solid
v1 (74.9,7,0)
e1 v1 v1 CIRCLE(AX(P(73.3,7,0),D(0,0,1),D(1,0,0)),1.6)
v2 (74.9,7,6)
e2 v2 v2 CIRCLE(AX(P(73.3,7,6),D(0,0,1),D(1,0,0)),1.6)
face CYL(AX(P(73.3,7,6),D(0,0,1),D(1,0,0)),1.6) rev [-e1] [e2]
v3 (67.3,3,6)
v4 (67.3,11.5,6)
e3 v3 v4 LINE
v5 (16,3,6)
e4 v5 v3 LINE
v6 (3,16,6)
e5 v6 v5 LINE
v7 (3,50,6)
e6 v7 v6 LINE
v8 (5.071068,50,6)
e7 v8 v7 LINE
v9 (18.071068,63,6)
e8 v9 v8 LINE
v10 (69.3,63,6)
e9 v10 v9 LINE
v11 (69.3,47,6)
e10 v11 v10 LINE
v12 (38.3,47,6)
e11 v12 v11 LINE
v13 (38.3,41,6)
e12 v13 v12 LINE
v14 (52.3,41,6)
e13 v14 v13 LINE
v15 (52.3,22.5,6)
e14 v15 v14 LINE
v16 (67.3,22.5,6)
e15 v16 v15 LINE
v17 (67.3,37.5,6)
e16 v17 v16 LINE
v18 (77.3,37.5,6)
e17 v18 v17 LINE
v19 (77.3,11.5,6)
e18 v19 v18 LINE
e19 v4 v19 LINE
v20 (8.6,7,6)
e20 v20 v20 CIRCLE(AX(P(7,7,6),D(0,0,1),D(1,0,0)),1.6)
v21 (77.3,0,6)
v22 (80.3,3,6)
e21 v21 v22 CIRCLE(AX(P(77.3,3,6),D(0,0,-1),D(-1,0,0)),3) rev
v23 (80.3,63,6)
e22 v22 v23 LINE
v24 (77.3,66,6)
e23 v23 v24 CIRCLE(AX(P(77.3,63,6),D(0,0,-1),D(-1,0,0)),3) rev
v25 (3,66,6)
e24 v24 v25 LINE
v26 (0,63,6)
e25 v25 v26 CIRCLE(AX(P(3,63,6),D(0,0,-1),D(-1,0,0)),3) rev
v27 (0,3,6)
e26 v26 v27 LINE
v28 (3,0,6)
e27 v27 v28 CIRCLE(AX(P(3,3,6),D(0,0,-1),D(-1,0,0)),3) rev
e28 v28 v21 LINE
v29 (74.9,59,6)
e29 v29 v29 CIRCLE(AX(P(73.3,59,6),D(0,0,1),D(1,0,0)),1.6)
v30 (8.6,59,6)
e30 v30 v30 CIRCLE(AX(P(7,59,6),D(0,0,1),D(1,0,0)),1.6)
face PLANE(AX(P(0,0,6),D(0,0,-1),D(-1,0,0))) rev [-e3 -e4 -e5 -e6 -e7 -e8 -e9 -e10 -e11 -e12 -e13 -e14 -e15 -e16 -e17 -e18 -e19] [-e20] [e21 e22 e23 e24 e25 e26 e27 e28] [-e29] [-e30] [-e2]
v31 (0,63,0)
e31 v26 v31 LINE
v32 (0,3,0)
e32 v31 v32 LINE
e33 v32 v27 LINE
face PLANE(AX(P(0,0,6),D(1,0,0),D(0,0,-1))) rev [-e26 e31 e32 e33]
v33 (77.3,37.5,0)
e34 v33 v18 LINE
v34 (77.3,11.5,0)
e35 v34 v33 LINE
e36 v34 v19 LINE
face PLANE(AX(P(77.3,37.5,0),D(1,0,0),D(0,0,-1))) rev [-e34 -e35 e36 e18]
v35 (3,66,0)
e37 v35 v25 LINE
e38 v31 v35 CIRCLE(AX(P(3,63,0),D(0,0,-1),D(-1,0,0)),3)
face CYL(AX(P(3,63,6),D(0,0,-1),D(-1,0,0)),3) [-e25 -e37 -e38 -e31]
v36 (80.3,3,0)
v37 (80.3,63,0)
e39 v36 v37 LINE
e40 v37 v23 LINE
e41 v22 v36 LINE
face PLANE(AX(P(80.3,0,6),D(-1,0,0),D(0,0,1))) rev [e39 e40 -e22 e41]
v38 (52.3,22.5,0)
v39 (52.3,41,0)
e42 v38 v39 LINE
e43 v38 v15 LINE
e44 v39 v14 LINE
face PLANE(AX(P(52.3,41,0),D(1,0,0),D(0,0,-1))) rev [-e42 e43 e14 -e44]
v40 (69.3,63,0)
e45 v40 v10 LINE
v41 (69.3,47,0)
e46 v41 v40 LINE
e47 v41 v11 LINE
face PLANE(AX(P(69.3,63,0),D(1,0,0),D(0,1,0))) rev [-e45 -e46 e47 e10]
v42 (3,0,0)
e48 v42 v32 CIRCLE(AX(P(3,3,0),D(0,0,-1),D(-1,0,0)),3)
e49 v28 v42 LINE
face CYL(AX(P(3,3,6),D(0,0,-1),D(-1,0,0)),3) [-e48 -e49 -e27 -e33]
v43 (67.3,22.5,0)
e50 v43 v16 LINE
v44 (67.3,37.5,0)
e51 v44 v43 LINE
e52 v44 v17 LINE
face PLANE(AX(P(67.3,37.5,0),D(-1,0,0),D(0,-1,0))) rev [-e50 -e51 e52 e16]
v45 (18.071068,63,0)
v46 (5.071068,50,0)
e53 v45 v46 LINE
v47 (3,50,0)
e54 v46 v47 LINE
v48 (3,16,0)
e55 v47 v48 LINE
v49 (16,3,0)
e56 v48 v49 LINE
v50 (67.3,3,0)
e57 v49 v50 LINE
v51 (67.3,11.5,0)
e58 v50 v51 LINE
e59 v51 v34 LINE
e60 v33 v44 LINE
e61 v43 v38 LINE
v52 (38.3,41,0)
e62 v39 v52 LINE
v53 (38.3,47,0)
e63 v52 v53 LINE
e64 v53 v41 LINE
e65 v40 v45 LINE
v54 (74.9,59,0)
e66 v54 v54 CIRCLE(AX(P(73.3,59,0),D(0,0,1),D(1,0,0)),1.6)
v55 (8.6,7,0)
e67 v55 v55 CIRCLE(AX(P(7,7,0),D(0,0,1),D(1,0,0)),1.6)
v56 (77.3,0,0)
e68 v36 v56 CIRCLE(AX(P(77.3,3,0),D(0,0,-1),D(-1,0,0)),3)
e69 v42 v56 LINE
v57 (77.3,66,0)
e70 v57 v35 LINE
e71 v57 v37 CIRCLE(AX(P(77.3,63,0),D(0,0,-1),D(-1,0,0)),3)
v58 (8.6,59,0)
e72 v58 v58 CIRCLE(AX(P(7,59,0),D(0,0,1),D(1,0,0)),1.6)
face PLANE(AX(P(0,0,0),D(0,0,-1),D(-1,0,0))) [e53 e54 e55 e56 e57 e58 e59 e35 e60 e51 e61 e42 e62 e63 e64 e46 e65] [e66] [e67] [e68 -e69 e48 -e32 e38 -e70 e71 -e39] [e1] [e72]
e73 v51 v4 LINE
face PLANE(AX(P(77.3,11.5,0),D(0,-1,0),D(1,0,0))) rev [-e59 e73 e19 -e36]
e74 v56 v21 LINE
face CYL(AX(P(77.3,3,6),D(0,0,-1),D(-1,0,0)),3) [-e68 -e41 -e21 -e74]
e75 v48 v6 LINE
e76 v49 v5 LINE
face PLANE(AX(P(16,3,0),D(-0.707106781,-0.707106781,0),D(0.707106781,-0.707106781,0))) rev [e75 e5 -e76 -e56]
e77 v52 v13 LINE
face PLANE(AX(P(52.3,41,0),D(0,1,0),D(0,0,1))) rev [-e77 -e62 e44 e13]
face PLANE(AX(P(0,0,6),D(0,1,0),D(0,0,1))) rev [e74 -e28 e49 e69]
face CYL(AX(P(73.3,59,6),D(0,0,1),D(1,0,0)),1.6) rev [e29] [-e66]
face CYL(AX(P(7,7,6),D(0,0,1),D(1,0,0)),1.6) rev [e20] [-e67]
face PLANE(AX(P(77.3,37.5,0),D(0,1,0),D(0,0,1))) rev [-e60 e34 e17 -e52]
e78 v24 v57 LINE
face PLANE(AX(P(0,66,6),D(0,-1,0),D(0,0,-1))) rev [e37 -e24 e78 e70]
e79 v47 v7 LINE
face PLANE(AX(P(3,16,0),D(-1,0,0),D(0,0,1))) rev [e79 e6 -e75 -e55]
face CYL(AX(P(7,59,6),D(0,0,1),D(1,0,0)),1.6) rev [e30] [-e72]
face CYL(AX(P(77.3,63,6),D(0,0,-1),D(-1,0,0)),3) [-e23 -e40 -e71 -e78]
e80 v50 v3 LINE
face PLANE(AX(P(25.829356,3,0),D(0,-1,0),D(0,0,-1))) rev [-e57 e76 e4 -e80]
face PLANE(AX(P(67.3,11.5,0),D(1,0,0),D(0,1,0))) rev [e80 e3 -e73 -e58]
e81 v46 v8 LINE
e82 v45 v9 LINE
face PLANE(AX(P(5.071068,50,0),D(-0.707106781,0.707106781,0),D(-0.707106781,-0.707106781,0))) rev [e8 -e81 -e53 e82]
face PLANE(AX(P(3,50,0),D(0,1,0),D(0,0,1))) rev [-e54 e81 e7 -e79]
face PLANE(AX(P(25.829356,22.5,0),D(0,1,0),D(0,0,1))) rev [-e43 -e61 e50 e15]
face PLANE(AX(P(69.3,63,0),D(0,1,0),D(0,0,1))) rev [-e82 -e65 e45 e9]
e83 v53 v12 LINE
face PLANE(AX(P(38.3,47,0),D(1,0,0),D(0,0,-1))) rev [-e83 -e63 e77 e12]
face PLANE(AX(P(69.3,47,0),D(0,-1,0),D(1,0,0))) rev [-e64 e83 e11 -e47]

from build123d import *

# Parameters (mm, degrees)
SKETCH1_W                  = 80.3
SKETCH1_H                  = 66
BOSS_EXTRUDE1_DEPTH        = 6
F_3_2_3_2_DIAMETER_HOLE1_D = 3.2
FILLET1_R                  = 3
SKETCH4_W                  = 19
SKETCH4_H                  = 34
SKETCH4_W_2                = 31
SKETCH4_H_2                = 16
SKETCH4_W_3                = 7
SKETCH4_H_3                = 7
SKETCH4_W_4                = 13
SKETCH4_H_4                = 17
SKETCH4_W_5                = 40
SKETCH4_H_5                = 19.5
SKETCH4_W_6                = 10
SKETCH4_H_6                = 26
CUT_EXTRUDE1_DEPTH         = 7
CUT_EXTRUDE3_DEPTH         = 7


with BuildPart() as part:
    # Sketch1 → Boss-Extrude1 (new body)
    with BuildSketch(Plane.XY):
        with Locations((40.15, 33)):
            Rectangle(SKETCH1_W, SKETCH1_H)
    extrude(amount=BOSS_EXTRUDE1_DEPTH)

    # Ø3.2 (3.2) Diameter Hole1 (through all)
    with Locations(Plane.XY.offset(6)):
        with Locations((7, 59), (73.3, 59), (73.3, 7), (7, 7)):
            Hole(F_3_2_3_2_DIAMETER_HOLE1_D / 2)

    # Fillet1
    fillet1_edges = [part.edges().sort_by_distance(p)[0] for p in [
        (0, 66, 3),
        (80.3, 66, 3),
        (80.3, 0, 3),
        (0, 0, 3),
    ]]
    fillet(fillet1_edges, radius=FILLET1_R)

    # Sketch4 → Cut-Extrude1 (cut, through all)
    with BuildSketch(Plane.XY.offset(6)):
        with Locations((12.5, 33)):
            Rectangle(SKETCH4_W, SKETCH4_H)
        with Locations((53.8, 55)):
            Rectangle(SKETCH4_W_2, SKETCH4_H_2)
        with Locations((31.5, 53)):
            Rectangle(SKETCH4_W_3, SKETCH4_H_3)
        with Locations((45.8, 32.5)):
            Rectangle(SKETCH4_W_4, SKETCH4_H_4)
        with Locations((45.829355907, 12.75)):
            Rectangle(SKETCH4_W_5, SKETCH4_H_5)
        with Locations((72.3, 24.5)):
            Rectangle(SKETCH4_W_6, SKETCH4_H_6)
    extrude(amount=-CUT_EXTRUDE1_DEPTH, mode=Mode.SUBTRACT)

    # Sketch5 → Cut-Extrude3 (cut, through all)
    with BuildSketch(Plane.XY.offset(6)):
        Polygon((67.3, 11.5), (67.3, 3), (16, 3), (3, 16), (3, 50), (5.071067812, 50), (18.071067812, 63), (38.3, 63), (69.3, 63), (69.3, 47), (38.3, 47), (38.3, 41), (52.3, 41), (52.3, 22.5), (67.3, 22.5), align=None)
    extrude(amount=-CUT_EXTRUDE3_DEPTH, mode=Mode.SUBTRACT)


solid = part.part
